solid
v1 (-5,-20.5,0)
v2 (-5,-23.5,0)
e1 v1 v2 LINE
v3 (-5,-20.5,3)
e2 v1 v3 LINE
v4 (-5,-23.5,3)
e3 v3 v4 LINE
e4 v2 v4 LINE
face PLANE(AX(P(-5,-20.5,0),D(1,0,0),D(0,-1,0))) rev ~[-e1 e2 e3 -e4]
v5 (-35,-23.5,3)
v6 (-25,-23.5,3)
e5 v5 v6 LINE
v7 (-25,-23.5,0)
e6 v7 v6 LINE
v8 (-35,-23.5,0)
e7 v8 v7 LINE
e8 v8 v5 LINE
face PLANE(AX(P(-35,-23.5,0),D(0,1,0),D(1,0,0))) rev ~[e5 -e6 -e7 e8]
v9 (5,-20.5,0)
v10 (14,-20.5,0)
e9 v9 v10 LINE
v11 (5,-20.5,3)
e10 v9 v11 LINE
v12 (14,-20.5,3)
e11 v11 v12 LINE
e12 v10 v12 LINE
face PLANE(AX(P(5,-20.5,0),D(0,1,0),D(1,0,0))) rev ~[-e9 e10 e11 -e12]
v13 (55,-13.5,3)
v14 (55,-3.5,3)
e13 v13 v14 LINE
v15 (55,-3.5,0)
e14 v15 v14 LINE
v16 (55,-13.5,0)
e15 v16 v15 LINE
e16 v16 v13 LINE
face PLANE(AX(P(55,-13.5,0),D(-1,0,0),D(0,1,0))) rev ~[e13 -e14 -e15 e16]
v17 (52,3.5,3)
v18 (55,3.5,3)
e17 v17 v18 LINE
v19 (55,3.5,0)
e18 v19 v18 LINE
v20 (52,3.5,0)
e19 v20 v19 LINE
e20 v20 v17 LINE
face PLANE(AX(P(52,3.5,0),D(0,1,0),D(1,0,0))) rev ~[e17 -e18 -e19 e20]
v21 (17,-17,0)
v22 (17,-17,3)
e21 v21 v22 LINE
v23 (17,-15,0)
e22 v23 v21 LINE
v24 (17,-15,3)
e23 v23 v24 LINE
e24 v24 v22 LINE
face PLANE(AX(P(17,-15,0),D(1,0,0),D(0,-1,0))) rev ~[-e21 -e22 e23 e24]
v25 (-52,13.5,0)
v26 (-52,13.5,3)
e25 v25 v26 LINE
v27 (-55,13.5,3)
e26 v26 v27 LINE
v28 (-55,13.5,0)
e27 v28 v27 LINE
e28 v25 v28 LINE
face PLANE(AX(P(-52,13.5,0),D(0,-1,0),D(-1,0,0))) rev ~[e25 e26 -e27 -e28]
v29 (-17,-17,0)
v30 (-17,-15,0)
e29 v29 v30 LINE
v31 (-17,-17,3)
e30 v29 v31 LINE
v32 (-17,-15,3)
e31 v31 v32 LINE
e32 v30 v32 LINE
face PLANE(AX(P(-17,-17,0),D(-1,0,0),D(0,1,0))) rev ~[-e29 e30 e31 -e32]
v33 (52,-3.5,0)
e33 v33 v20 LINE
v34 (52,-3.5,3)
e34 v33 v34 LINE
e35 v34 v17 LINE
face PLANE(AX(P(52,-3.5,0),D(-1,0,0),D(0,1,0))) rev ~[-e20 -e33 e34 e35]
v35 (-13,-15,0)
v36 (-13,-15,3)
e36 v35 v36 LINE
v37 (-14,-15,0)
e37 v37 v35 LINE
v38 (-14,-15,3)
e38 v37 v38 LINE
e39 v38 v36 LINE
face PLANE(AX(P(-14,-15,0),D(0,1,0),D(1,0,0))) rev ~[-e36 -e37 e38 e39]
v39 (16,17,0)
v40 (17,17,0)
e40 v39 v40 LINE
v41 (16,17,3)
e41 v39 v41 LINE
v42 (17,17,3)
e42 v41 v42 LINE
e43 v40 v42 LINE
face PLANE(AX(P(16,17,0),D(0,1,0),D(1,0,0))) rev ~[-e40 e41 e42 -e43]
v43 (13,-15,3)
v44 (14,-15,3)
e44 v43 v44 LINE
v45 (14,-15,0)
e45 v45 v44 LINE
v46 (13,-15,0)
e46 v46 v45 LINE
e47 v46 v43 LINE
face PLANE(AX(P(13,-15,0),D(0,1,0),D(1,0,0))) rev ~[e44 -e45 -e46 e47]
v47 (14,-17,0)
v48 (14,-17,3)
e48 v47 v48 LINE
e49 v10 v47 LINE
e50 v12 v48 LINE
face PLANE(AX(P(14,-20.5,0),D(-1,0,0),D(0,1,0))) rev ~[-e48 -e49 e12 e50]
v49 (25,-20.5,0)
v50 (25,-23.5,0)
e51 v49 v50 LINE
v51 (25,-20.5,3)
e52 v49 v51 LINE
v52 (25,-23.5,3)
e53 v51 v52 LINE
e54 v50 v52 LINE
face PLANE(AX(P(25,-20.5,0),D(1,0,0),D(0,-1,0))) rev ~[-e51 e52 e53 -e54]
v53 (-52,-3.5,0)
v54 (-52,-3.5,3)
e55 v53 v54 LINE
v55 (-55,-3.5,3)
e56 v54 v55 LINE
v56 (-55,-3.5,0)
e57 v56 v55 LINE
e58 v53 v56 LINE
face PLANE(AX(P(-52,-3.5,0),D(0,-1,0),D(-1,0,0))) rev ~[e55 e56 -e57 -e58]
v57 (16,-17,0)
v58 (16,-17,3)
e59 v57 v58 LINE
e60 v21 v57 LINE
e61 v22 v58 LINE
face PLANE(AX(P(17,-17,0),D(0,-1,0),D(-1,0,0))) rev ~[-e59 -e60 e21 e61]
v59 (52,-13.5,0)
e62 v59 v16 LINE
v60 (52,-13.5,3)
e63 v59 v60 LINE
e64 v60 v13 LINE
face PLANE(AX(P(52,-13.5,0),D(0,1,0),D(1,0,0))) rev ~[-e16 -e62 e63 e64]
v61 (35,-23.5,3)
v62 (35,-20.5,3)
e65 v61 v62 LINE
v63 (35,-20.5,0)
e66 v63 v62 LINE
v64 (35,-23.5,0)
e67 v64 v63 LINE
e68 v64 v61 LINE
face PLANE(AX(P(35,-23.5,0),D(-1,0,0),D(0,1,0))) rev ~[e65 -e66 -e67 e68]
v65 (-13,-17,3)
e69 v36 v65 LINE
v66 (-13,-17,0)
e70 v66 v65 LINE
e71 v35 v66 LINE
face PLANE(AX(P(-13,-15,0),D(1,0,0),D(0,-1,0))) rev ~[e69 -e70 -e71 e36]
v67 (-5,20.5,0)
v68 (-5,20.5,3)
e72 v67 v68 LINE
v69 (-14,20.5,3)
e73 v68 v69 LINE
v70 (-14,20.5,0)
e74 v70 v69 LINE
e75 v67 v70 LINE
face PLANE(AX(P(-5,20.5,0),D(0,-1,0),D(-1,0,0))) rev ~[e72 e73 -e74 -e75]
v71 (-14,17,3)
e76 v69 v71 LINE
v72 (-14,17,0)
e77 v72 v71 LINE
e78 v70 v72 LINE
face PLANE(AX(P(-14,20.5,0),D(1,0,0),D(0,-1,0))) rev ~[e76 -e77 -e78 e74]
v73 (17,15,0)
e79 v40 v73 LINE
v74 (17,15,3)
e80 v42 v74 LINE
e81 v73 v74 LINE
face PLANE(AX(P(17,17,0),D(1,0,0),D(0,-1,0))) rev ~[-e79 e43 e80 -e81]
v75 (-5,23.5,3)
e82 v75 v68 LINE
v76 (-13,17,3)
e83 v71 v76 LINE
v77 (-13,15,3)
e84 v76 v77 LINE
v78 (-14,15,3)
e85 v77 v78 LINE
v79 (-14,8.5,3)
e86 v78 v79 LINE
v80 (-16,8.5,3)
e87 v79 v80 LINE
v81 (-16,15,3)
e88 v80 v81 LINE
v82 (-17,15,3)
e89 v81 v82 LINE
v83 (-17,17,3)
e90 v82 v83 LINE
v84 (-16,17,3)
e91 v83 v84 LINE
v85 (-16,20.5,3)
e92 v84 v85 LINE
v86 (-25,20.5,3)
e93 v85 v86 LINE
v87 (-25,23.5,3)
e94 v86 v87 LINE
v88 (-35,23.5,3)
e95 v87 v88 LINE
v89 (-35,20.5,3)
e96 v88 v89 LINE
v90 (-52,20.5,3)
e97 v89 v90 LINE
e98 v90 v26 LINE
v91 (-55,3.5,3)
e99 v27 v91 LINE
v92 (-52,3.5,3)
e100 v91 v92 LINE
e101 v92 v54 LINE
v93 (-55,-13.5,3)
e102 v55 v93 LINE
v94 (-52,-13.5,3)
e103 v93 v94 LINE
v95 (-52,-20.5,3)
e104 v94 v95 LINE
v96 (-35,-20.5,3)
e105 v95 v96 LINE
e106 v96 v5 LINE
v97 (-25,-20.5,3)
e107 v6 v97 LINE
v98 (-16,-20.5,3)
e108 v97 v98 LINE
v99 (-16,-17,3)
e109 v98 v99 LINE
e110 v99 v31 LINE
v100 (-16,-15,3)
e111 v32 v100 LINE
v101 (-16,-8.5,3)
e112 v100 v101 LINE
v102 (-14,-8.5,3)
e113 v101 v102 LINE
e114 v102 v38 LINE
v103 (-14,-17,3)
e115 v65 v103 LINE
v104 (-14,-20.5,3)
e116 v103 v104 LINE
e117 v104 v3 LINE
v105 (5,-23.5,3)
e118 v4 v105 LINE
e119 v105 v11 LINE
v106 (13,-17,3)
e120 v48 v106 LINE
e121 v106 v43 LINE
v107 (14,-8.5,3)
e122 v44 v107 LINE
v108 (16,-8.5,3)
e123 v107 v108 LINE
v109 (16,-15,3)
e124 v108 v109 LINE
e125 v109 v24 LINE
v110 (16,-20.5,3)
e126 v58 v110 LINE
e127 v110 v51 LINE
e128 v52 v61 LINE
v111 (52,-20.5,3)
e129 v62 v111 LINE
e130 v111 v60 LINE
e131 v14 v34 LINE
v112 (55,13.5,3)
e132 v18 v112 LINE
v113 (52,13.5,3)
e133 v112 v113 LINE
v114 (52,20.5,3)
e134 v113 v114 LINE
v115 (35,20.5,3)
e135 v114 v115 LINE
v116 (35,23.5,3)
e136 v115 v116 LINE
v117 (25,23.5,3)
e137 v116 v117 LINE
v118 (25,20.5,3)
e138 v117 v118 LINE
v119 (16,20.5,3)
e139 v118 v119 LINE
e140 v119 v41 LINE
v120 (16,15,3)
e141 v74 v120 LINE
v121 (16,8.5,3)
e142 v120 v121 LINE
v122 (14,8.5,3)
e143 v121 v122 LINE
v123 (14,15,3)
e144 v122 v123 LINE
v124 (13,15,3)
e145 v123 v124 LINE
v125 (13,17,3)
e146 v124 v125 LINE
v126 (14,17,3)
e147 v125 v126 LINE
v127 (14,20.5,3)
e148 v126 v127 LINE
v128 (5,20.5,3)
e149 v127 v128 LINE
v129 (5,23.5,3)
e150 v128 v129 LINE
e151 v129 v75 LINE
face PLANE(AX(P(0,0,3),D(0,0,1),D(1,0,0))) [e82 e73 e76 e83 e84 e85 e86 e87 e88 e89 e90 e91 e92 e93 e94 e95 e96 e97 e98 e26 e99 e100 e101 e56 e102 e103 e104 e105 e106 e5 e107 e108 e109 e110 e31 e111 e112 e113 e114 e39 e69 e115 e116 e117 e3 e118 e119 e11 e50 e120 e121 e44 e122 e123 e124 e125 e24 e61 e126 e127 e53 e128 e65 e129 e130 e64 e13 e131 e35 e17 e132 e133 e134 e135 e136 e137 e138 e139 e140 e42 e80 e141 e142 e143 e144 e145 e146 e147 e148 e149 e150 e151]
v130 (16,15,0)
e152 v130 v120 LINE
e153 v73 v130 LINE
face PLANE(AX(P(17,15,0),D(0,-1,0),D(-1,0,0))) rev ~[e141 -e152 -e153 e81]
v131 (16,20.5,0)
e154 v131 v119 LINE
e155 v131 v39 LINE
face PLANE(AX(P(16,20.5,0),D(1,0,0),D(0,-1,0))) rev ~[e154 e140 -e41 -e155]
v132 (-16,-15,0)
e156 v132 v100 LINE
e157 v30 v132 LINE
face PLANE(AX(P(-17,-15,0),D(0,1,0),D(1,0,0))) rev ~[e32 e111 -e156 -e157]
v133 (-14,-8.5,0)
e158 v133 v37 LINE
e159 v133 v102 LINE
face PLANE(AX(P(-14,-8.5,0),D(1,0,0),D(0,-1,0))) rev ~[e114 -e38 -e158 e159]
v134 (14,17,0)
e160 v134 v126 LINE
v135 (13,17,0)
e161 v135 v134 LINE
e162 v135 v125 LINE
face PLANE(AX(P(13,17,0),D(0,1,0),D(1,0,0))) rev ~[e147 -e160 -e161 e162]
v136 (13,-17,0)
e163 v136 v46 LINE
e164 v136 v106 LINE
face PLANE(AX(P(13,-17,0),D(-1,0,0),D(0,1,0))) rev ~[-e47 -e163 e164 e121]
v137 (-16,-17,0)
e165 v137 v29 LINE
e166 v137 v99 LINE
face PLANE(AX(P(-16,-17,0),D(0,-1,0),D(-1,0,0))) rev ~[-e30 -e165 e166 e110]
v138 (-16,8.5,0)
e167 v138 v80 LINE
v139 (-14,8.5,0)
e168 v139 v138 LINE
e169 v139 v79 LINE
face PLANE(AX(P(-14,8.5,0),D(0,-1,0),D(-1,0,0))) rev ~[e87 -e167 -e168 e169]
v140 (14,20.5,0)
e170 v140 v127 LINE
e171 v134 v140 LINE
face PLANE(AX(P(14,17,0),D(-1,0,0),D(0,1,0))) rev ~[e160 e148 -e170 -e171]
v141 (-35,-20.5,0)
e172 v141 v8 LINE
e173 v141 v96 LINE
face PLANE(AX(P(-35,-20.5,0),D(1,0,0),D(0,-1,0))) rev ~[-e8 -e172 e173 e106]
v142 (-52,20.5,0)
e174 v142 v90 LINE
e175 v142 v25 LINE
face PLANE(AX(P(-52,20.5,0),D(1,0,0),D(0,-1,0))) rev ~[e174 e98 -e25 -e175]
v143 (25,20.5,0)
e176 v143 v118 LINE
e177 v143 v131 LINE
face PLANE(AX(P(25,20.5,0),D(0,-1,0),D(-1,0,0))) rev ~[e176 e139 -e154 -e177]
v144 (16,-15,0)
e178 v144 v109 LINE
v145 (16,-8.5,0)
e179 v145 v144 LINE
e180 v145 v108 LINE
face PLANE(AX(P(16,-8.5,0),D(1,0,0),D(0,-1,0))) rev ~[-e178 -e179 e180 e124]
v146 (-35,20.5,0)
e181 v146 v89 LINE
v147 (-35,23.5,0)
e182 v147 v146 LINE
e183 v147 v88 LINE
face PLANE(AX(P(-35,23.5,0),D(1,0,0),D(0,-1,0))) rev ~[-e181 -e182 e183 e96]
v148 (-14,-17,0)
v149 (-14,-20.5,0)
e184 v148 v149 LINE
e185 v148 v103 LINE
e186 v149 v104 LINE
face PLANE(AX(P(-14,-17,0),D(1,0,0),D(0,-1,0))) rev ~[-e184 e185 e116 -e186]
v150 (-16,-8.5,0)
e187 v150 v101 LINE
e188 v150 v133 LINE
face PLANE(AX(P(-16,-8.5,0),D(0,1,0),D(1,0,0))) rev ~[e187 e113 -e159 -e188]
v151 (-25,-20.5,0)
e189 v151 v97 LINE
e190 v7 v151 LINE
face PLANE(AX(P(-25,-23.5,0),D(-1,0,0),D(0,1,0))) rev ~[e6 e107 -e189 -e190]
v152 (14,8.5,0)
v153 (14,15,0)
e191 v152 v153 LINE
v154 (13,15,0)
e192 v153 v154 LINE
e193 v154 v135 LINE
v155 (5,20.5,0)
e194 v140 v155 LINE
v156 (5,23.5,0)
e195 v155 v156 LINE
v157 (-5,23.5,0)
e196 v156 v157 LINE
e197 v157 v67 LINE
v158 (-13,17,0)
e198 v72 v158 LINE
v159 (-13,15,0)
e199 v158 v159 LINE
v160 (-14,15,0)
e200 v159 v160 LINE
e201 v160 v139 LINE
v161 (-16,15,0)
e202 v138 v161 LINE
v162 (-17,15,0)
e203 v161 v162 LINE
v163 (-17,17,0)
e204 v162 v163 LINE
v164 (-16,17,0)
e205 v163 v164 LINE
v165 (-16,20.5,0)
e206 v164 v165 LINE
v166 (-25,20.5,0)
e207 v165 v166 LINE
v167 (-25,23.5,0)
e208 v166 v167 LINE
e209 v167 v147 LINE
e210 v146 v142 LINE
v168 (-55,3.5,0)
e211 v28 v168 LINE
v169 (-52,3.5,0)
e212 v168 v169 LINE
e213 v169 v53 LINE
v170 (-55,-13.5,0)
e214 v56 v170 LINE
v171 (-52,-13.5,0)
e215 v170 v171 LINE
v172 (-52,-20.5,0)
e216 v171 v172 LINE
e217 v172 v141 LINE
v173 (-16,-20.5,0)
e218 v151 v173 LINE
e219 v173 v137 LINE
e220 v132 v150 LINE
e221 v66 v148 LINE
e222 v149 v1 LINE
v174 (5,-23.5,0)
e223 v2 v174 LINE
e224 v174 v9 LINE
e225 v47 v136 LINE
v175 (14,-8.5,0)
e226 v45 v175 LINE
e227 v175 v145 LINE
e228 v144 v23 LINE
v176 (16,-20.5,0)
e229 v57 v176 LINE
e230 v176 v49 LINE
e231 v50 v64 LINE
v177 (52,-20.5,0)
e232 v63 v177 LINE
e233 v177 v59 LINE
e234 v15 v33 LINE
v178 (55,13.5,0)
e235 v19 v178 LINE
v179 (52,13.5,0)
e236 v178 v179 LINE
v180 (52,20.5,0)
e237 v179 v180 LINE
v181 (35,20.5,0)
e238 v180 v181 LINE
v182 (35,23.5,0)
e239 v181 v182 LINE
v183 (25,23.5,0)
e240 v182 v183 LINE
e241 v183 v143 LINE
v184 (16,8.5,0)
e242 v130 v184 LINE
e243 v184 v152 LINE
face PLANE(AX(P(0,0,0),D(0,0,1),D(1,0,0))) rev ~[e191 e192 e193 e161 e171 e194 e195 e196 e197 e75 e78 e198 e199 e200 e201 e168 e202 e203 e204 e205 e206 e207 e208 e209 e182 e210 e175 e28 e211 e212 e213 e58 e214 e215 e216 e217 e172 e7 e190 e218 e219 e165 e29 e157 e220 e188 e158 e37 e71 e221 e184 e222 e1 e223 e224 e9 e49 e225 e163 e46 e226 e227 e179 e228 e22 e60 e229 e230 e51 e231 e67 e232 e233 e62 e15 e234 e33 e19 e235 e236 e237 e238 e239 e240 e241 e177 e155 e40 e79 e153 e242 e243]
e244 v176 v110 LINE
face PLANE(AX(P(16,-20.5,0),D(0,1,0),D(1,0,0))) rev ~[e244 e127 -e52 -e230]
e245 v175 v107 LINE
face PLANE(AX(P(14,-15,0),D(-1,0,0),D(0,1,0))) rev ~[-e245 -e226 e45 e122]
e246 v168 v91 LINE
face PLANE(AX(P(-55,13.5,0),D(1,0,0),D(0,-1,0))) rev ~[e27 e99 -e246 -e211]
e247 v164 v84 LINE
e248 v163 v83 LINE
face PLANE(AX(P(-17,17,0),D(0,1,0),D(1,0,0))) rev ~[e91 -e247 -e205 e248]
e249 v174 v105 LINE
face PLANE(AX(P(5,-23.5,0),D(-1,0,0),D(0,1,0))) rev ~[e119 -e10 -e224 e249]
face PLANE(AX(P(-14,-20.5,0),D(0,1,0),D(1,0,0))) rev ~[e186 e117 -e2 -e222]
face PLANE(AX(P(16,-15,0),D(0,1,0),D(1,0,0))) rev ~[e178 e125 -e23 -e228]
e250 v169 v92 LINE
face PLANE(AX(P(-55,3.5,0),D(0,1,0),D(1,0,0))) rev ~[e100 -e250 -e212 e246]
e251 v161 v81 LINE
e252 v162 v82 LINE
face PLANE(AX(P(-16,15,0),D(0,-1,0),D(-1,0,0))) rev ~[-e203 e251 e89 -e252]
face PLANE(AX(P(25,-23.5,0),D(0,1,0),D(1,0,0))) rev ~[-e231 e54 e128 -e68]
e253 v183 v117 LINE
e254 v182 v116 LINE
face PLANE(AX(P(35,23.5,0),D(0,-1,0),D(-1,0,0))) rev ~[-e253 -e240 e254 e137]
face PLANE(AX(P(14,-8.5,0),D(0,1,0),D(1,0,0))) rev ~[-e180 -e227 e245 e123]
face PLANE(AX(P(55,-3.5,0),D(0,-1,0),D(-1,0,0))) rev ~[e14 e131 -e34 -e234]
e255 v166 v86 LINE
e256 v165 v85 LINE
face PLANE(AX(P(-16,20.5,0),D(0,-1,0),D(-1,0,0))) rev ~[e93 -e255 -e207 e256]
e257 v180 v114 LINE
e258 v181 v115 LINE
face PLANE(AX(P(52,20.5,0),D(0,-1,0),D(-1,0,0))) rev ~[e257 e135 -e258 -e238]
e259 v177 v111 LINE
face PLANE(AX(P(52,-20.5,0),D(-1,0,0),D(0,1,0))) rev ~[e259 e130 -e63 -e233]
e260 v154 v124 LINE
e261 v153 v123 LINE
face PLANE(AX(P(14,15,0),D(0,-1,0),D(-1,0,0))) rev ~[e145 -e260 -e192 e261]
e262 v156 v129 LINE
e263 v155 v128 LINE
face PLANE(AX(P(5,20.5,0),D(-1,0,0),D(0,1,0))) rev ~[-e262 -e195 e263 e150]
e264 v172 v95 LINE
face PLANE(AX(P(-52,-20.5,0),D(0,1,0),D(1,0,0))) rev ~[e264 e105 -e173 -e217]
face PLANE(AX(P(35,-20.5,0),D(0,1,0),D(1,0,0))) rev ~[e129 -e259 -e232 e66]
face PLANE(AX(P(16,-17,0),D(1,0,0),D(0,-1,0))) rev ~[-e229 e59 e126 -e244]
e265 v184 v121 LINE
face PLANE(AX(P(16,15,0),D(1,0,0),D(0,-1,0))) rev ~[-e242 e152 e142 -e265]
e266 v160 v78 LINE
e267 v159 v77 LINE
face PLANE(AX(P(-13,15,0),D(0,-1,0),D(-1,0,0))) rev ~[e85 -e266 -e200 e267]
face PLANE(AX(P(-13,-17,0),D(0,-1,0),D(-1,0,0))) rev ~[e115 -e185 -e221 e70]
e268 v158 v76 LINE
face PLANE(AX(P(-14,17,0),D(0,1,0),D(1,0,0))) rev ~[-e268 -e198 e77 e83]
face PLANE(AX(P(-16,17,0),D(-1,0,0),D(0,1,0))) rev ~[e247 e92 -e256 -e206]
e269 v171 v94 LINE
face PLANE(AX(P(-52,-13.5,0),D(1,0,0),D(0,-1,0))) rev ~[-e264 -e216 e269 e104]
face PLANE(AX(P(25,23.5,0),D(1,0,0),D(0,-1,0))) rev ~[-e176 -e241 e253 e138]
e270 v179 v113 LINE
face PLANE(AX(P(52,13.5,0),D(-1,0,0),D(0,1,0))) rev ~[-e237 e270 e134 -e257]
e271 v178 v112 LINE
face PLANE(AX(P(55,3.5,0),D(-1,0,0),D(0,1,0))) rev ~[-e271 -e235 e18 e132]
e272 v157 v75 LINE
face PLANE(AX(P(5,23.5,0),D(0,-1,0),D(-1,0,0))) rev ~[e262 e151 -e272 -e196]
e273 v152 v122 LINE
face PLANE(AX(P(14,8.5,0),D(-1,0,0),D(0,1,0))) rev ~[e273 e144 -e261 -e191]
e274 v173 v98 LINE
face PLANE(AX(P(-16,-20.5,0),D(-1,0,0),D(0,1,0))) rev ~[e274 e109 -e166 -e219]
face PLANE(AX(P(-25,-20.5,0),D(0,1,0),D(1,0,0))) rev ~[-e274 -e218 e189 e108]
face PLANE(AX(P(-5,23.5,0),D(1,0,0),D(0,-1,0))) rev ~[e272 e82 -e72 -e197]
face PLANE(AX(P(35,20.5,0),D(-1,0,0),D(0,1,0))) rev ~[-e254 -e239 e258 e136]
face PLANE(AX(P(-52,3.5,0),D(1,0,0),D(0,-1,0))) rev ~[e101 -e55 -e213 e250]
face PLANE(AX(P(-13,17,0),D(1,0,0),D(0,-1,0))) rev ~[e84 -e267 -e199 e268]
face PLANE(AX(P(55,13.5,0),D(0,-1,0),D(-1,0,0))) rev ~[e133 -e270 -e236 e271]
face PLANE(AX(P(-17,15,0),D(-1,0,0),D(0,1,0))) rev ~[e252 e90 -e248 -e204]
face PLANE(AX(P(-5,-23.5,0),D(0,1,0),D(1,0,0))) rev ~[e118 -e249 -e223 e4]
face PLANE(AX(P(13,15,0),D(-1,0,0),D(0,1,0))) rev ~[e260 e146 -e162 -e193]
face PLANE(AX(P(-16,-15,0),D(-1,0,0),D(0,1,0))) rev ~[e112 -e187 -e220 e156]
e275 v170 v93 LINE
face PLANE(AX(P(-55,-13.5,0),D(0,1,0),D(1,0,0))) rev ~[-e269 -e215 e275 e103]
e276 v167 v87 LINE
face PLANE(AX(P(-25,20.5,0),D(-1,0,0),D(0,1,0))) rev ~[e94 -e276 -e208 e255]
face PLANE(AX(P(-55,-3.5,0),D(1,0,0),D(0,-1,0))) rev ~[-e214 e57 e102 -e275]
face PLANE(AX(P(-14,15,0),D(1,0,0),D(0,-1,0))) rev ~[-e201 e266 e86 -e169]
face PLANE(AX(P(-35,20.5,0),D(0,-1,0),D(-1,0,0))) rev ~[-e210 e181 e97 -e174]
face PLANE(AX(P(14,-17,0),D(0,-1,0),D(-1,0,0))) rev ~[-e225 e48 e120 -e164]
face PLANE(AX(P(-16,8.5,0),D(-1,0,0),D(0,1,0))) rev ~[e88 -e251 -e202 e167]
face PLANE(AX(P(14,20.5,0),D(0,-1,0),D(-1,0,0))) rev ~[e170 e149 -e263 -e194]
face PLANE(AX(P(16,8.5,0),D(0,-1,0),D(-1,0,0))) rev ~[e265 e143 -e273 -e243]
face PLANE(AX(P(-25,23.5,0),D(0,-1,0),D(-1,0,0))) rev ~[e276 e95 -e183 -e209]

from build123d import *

# Parameters (mm, degrees)
F1_DEPTH = 3


with BuildPart() as f1:
    # F0 (on Top) → F1 (new body)
    with BuildSketch(Plane.XY):
        Polygon((52, 13.5), (52, 20.5), (35, 20.5), (35, 23.5), (25, 23.5), (25, 20.5), (16, 20.5), (16, 17), (17, 17), (17, 15), (16, 15), (16, 8.5), (14, 8.5), (14, 15), (13, 15), (13, 17), (14, 17), (14, 20.5), (5, 20.5), (5, 23.5), (-5, 23.5), (-5, 20.5), (-14, 20.5), (-14, 17), (-13, 17), (-13, 15), (-14, 15), (-14, 8.5), (-16, 8.5), (-16, 15), (-17, 15), (-17, 17), (-16, 17), (-16, 20.5), (-25, 20.5), (-25, 23.5), (-35, 23.5), (-35, 20.5), (-52, 20.5), (-52, 13.5), (-55, 13.5), (-55, 3.5), (-52, 3.5), (-52, -3.5), (-55, -3.5), (-55, -13.5), (-52, -13.5), (-52, -20.5), (-35, -20.5), (-35, -23.5), (-25, -23.5), (-25, -20.5), (-16, -20.5), (-16, -17), (-17, -17), (-17, -15), (-16, -15), (-16, -8.5), (-14, -8.5), (-14, -15), (-13, -15), (-13, -17), (-14, -17), (-14, -20.5), (-5, -20.5), (-5, -23.5), (5, -23.5), (5, -20.5), (14, -20.5), (14, -17), (13, -17), (13, -15), (14, -15), (14, -8.5), (16, -8.5), (16, -15), (17, -15), (17, -17), (16, -17), (16, -20.5), (25, -20.5), (25, -23.5), (35, -23.5), (35, -20.5), (52, -20.5), (52, -13.5), (55, -13.5), (55, -3.5), (52, -3.5), (52, 3.5), (55, 3.5), (55, 13.5), align=None)
    extrude(amount=F1_DEPTH)


solid = f1.part
